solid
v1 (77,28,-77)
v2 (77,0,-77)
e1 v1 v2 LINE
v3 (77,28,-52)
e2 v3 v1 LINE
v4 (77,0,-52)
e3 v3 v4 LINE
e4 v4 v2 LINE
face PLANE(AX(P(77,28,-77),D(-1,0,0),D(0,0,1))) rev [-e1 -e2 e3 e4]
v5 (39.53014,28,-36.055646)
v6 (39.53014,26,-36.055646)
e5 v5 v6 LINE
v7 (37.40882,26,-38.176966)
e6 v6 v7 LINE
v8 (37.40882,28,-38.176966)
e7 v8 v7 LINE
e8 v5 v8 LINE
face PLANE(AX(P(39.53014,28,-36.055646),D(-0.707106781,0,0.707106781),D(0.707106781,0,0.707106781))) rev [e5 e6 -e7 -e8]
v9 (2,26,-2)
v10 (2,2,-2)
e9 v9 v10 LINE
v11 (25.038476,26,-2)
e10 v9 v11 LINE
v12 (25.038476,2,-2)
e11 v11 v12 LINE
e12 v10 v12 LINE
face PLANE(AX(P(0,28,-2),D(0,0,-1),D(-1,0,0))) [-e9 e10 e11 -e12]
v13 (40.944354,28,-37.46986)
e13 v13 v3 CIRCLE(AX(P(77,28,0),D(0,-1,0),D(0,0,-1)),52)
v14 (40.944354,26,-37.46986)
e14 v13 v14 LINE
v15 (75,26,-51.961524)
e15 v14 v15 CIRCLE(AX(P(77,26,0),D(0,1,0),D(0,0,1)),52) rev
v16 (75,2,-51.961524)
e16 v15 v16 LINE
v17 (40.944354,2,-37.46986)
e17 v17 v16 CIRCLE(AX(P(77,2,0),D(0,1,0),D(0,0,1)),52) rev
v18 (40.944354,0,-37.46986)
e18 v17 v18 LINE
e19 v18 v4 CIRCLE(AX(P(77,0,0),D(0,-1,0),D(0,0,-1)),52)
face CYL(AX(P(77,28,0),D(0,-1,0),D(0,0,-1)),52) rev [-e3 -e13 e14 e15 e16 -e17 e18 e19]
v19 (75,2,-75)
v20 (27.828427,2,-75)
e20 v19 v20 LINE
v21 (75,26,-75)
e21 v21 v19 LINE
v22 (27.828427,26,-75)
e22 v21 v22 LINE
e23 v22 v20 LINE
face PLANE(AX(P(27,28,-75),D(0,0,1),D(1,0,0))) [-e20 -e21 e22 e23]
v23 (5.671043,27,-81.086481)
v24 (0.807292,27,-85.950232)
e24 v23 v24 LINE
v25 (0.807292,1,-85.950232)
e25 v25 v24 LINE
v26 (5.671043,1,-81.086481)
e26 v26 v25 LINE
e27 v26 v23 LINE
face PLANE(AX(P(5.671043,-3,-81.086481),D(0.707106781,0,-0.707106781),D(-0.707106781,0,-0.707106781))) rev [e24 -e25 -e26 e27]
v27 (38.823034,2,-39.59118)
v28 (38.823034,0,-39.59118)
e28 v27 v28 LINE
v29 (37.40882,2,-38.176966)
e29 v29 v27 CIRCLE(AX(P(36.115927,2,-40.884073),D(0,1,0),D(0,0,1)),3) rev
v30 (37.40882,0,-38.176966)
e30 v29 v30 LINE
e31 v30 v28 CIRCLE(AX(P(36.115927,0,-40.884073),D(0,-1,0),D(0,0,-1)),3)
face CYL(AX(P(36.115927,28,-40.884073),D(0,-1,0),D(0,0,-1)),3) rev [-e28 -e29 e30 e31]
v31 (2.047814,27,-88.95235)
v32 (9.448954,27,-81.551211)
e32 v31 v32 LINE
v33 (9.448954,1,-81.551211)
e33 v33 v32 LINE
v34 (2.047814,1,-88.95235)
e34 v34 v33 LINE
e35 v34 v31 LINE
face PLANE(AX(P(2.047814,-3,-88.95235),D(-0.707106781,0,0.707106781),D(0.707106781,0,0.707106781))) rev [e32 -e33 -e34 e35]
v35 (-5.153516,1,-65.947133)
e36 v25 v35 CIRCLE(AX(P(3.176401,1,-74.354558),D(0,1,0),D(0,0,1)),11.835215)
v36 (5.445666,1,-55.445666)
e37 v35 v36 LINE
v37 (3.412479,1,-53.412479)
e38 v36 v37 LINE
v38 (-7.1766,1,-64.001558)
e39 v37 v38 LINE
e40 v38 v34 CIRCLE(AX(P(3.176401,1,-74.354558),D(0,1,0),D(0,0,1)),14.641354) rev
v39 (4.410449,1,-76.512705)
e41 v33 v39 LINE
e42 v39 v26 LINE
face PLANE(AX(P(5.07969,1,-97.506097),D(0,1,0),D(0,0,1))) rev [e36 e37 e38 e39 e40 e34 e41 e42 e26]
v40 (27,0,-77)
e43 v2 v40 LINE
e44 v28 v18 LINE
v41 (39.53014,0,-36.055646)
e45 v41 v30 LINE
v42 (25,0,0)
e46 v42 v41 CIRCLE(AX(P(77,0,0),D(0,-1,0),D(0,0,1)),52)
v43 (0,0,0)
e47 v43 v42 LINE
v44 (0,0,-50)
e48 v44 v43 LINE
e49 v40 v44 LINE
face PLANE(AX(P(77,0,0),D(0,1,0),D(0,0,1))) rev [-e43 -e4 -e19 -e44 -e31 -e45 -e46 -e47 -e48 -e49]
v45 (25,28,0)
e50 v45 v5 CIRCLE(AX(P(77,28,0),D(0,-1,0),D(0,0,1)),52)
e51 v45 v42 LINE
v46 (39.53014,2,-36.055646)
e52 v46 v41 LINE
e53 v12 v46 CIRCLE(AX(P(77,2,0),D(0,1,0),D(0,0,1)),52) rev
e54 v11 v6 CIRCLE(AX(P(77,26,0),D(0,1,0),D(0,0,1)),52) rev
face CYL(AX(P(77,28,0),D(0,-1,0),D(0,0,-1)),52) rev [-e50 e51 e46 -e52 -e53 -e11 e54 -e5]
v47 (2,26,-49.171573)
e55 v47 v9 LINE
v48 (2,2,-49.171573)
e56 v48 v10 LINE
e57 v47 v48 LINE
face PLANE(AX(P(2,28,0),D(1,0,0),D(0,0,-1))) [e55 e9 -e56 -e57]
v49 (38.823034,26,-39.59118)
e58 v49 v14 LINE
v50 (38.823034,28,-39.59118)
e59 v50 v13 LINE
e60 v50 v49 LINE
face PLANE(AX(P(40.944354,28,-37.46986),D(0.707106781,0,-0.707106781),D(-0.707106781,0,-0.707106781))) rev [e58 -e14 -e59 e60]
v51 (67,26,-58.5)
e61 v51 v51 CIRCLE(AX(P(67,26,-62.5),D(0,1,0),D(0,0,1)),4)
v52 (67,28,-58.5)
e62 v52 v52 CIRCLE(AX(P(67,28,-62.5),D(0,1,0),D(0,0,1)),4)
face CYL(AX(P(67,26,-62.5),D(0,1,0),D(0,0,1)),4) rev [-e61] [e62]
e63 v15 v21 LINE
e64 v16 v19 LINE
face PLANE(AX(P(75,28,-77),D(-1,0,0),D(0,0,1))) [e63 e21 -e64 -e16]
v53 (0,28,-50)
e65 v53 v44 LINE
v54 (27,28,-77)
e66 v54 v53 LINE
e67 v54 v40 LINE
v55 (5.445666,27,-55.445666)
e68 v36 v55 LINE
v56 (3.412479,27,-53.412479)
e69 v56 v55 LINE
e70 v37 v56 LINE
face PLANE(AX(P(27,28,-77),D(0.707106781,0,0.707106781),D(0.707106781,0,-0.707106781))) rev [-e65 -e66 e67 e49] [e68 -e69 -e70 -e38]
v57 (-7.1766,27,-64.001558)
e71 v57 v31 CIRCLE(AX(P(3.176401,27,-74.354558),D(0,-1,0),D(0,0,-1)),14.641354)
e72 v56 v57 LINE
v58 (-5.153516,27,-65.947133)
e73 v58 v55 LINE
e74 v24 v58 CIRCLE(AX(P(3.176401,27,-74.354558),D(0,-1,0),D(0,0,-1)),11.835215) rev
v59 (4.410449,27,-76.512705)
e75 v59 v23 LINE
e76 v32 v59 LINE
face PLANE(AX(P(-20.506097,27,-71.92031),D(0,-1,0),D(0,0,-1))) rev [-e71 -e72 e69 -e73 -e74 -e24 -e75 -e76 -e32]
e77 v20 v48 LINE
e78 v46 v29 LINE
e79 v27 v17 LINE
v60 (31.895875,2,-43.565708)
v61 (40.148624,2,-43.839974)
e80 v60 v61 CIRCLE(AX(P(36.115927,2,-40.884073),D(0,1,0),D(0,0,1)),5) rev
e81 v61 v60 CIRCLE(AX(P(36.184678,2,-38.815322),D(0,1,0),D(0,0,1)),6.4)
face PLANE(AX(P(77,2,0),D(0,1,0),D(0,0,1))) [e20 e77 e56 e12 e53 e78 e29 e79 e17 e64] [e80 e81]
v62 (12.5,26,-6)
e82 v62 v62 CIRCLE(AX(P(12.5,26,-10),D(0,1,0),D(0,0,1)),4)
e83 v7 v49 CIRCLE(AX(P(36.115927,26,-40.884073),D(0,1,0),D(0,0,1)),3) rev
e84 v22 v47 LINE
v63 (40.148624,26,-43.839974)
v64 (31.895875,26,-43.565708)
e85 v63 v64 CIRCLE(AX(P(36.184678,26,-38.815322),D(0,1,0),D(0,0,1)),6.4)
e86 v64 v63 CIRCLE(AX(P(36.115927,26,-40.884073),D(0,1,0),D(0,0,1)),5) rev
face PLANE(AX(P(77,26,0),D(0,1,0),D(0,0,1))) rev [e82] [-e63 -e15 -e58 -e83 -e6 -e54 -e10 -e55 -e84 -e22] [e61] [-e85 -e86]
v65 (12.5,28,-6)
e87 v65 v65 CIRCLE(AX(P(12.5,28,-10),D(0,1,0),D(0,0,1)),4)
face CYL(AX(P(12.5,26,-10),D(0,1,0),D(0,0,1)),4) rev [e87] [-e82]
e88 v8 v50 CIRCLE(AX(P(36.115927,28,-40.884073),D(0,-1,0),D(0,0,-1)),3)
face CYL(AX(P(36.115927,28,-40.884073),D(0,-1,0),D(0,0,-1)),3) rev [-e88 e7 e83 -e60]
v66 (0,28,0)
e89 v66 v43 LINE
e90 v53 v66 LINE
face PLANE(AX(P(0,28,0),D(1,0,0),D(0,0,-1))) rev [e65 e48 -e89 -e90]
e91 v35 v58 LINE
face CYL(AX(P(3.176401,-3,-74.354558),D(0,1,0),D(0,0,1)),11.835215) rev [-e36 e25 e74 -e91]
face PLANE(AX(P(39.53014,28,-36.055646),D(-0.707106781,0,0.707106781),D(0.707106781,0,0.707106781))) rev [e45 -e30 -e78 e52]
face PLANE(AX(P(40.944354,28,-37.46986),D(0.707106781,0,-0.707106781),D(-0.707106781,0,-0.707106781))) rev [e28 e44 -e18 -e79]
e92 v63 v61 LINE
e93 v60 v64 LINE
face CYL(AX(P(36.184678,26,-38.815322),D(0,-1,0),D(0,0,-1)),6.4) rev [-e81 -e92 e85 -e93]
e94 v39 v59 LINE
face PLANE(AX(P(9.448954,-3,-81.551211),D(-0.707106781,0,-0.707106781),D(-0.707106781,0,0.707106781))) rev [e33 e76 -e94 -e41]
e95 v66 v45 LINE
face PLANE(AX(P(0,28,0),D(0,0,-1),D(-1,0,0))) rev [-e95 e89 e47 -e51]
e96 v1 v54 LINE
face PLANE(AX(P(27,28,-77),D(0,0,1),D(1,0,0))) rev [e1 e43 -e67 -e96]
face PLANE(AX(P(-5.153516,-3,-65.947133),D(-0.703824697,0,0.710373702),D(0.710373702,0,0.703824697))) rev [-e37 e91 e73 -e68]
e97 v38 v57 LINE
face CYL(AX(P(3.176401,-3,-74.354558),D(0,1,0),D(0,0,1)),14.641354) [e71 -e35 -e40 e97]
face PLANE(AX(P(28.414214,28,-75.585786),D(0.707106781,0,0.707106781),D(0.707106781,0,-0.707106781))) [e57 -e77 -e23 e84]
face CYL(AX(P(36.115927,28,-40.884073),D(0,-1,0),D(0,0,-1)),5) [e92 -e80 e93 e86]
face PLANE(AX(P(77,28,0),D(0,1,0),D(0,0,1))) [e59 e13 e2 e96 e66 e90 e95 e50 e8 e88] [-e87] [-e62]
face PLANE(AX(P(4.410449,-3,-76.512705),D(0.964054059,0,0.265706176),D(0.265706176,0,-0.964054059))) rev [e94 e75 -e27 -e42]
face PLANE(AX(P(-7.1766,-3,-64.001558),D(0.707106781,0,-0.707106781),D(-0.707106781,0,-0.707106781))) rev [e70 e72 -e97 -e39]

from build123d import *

# Parameters (mm, degrees)
BOSS_EXTRUDE1_DEPTH     = 28
SHELL1_T                = -2
CUT_EXTRUDE1_DEPTH      = 12
CUT_EXTRUDE1_DEPTH_BACK = 12
SKETCH9_R               = 6.4
SKETCH12_R              = 4
CUT_EXTRUDE3_DEPTH      = 2
SKETCH17_W              = 36.183766184
SKETCH17_H              = 26
BOSS_EXTRUDE2_DEPTH     = 30
CUT_EXTRUDE14_DEPTH     = 30


with BuildPart() as part:
    # Sketch1 → Boss-Extrude1 (new body)
    with BuildSketch(Plane(origin=(0, 0, 0), x_dir=(1, 0, 0), z_dir=(0, 1, 0))):
        with BuildLine():
            Line((0, 0), (0, 50))
            Line((0, 50), (27, 77))
            Line((27, 77), (77, 77))
            Line((77, 77), (77, 52))
            ThreePointArc((77, 52), (57.56334266, 48.230865133), (40.944353892, 37.46985967))
            Line((40.944353892, 37.46985967), (38.823033548, 39.591180014))
            ThreePointArc((38.823033548, 39.591180014), (33.994606424, 43.005393576), (37.408819986, 38.176966452))
            Line((37.408819986, 38.176966452), (39.53014033, 36.055646108))
            ThreePointArc((39.53014033, 36.055646108), (28.769134867, 19.43665734), (25, 0))
            Line((25, 0), (0, 0))
        make_face()
    extrude(amount=BOSS_EXTRUDE1_DEPTH)

    # Shell1
    shell1_openings = [part.faces().sort_by_distance(p)[0] for p in [
        (57.56334266, 14, -48.230865133),
        (28.769134867, 14, -19.43665734),
    ]]
    offset(amount=SHELL1_T, openings=shell1_openings, kind=Kind.INTERSECTION)

    # Sketch9 → Cut-Extrude1 (cut, two sides: drawn at the far end of the back side and taken through both)
    with BuildSketch(Plane(origin=(0, 14, 0), x_dir=(1, 0, 0), z_dir=(0, 1, 0)).offset(-CUT_EXTRUDE1_DEPTH_BACK)):
        with Locations((36.184678266, 38.815321734)):
            Circle(SKETCH9_R)
    extrude(amount=CUT_EXTRUDE1_DEPTH + CUT_EXTRUDE1_DEPTH_BACK, mode=Mode.SUBTRACT)

    # Sketch12 → Cut-Extrude3 (cut)
    with BuildSketch(Plane(origin=(0, 28, 0), x_dir=(1, 0, 0), z_dir=(0, 1, 0))):
        with Locations((67, 62.5)):
            Circle(SKETCH12_R)
        with Locations((12.5, 10)):
            Circle(SKETCH12_R)
    extrude(amount=-CUT_EXTRUDE3_DEPTH, mode=Mode.SUBTRACT)

    # Sketch17 → Boss-Extrude2 (add)
    with BuildSketch(Plane(origin=(-25, 0, -25), x_dir=(-0.7071067811865435, 0, 0.7071067811865516), z_dir=(-0.7071067811865516, 0, -0.7071067811865435))):
        with Locations((-54.447222151, 14)):
            Rectangle(SKETCH17_W, SKETCH17_H)
    extrude(amount=BOSS_EXTRUDE2_DEPTH)

    # Sketch19<7> → Cut-Extrude14 (cut)
    with BuildSketch(Plane(origin=(0, 27, 0), x_dir=(1, 0, 0), z_dir=(0, 1, 0))):
        with BuildLine():
            Line((-7.176599947, 64.001557861), (3.412478957, 53.412478957))
            Line((3.412478957, 53.412478957), (0.707106781, 50.707106781))
            Line((0.707106781, 50.707106781), (-20.506096654, 71.920310217))
            Line((-20.506096654, 71.920310217), (5.079689783, 97.506096654))
            Line((5.079689783, 97.506096654), (26.292893219, 76.292893219))
            Line((26.292893219, 76.292893219), (5.445665953, 55.445665953))
            Line((5.445665953, 55.445665953), (-5.153515959, 65.947132971))
            ThreePointArc((-5.153515959, 65.947132971), (-8.165921561, 77.734505129), (0.807292373, 85.950231609))
            Line((0.807292373, 85.950231609), (5.671042553, 81.08648143))
            Line((5.671042553, 81.08648143), (4.410448732, 76.512705214))
            Line((4.410448732, 76.512705214), (9.448954094, 81.551210575))
            Line((9.448954094, 81.551210575), (2.047814256, 88.952350413))
            ThreePointArc((2.047814256, 88.952350413), (-10.556487738, 79.431665635), (-7.176599947, 64.001557861))
        make_face()
    extrude(amount=-CUT_EXTRUDE14_DEPTH, mode=Mode.SUBTRACT)


solid = part.part
